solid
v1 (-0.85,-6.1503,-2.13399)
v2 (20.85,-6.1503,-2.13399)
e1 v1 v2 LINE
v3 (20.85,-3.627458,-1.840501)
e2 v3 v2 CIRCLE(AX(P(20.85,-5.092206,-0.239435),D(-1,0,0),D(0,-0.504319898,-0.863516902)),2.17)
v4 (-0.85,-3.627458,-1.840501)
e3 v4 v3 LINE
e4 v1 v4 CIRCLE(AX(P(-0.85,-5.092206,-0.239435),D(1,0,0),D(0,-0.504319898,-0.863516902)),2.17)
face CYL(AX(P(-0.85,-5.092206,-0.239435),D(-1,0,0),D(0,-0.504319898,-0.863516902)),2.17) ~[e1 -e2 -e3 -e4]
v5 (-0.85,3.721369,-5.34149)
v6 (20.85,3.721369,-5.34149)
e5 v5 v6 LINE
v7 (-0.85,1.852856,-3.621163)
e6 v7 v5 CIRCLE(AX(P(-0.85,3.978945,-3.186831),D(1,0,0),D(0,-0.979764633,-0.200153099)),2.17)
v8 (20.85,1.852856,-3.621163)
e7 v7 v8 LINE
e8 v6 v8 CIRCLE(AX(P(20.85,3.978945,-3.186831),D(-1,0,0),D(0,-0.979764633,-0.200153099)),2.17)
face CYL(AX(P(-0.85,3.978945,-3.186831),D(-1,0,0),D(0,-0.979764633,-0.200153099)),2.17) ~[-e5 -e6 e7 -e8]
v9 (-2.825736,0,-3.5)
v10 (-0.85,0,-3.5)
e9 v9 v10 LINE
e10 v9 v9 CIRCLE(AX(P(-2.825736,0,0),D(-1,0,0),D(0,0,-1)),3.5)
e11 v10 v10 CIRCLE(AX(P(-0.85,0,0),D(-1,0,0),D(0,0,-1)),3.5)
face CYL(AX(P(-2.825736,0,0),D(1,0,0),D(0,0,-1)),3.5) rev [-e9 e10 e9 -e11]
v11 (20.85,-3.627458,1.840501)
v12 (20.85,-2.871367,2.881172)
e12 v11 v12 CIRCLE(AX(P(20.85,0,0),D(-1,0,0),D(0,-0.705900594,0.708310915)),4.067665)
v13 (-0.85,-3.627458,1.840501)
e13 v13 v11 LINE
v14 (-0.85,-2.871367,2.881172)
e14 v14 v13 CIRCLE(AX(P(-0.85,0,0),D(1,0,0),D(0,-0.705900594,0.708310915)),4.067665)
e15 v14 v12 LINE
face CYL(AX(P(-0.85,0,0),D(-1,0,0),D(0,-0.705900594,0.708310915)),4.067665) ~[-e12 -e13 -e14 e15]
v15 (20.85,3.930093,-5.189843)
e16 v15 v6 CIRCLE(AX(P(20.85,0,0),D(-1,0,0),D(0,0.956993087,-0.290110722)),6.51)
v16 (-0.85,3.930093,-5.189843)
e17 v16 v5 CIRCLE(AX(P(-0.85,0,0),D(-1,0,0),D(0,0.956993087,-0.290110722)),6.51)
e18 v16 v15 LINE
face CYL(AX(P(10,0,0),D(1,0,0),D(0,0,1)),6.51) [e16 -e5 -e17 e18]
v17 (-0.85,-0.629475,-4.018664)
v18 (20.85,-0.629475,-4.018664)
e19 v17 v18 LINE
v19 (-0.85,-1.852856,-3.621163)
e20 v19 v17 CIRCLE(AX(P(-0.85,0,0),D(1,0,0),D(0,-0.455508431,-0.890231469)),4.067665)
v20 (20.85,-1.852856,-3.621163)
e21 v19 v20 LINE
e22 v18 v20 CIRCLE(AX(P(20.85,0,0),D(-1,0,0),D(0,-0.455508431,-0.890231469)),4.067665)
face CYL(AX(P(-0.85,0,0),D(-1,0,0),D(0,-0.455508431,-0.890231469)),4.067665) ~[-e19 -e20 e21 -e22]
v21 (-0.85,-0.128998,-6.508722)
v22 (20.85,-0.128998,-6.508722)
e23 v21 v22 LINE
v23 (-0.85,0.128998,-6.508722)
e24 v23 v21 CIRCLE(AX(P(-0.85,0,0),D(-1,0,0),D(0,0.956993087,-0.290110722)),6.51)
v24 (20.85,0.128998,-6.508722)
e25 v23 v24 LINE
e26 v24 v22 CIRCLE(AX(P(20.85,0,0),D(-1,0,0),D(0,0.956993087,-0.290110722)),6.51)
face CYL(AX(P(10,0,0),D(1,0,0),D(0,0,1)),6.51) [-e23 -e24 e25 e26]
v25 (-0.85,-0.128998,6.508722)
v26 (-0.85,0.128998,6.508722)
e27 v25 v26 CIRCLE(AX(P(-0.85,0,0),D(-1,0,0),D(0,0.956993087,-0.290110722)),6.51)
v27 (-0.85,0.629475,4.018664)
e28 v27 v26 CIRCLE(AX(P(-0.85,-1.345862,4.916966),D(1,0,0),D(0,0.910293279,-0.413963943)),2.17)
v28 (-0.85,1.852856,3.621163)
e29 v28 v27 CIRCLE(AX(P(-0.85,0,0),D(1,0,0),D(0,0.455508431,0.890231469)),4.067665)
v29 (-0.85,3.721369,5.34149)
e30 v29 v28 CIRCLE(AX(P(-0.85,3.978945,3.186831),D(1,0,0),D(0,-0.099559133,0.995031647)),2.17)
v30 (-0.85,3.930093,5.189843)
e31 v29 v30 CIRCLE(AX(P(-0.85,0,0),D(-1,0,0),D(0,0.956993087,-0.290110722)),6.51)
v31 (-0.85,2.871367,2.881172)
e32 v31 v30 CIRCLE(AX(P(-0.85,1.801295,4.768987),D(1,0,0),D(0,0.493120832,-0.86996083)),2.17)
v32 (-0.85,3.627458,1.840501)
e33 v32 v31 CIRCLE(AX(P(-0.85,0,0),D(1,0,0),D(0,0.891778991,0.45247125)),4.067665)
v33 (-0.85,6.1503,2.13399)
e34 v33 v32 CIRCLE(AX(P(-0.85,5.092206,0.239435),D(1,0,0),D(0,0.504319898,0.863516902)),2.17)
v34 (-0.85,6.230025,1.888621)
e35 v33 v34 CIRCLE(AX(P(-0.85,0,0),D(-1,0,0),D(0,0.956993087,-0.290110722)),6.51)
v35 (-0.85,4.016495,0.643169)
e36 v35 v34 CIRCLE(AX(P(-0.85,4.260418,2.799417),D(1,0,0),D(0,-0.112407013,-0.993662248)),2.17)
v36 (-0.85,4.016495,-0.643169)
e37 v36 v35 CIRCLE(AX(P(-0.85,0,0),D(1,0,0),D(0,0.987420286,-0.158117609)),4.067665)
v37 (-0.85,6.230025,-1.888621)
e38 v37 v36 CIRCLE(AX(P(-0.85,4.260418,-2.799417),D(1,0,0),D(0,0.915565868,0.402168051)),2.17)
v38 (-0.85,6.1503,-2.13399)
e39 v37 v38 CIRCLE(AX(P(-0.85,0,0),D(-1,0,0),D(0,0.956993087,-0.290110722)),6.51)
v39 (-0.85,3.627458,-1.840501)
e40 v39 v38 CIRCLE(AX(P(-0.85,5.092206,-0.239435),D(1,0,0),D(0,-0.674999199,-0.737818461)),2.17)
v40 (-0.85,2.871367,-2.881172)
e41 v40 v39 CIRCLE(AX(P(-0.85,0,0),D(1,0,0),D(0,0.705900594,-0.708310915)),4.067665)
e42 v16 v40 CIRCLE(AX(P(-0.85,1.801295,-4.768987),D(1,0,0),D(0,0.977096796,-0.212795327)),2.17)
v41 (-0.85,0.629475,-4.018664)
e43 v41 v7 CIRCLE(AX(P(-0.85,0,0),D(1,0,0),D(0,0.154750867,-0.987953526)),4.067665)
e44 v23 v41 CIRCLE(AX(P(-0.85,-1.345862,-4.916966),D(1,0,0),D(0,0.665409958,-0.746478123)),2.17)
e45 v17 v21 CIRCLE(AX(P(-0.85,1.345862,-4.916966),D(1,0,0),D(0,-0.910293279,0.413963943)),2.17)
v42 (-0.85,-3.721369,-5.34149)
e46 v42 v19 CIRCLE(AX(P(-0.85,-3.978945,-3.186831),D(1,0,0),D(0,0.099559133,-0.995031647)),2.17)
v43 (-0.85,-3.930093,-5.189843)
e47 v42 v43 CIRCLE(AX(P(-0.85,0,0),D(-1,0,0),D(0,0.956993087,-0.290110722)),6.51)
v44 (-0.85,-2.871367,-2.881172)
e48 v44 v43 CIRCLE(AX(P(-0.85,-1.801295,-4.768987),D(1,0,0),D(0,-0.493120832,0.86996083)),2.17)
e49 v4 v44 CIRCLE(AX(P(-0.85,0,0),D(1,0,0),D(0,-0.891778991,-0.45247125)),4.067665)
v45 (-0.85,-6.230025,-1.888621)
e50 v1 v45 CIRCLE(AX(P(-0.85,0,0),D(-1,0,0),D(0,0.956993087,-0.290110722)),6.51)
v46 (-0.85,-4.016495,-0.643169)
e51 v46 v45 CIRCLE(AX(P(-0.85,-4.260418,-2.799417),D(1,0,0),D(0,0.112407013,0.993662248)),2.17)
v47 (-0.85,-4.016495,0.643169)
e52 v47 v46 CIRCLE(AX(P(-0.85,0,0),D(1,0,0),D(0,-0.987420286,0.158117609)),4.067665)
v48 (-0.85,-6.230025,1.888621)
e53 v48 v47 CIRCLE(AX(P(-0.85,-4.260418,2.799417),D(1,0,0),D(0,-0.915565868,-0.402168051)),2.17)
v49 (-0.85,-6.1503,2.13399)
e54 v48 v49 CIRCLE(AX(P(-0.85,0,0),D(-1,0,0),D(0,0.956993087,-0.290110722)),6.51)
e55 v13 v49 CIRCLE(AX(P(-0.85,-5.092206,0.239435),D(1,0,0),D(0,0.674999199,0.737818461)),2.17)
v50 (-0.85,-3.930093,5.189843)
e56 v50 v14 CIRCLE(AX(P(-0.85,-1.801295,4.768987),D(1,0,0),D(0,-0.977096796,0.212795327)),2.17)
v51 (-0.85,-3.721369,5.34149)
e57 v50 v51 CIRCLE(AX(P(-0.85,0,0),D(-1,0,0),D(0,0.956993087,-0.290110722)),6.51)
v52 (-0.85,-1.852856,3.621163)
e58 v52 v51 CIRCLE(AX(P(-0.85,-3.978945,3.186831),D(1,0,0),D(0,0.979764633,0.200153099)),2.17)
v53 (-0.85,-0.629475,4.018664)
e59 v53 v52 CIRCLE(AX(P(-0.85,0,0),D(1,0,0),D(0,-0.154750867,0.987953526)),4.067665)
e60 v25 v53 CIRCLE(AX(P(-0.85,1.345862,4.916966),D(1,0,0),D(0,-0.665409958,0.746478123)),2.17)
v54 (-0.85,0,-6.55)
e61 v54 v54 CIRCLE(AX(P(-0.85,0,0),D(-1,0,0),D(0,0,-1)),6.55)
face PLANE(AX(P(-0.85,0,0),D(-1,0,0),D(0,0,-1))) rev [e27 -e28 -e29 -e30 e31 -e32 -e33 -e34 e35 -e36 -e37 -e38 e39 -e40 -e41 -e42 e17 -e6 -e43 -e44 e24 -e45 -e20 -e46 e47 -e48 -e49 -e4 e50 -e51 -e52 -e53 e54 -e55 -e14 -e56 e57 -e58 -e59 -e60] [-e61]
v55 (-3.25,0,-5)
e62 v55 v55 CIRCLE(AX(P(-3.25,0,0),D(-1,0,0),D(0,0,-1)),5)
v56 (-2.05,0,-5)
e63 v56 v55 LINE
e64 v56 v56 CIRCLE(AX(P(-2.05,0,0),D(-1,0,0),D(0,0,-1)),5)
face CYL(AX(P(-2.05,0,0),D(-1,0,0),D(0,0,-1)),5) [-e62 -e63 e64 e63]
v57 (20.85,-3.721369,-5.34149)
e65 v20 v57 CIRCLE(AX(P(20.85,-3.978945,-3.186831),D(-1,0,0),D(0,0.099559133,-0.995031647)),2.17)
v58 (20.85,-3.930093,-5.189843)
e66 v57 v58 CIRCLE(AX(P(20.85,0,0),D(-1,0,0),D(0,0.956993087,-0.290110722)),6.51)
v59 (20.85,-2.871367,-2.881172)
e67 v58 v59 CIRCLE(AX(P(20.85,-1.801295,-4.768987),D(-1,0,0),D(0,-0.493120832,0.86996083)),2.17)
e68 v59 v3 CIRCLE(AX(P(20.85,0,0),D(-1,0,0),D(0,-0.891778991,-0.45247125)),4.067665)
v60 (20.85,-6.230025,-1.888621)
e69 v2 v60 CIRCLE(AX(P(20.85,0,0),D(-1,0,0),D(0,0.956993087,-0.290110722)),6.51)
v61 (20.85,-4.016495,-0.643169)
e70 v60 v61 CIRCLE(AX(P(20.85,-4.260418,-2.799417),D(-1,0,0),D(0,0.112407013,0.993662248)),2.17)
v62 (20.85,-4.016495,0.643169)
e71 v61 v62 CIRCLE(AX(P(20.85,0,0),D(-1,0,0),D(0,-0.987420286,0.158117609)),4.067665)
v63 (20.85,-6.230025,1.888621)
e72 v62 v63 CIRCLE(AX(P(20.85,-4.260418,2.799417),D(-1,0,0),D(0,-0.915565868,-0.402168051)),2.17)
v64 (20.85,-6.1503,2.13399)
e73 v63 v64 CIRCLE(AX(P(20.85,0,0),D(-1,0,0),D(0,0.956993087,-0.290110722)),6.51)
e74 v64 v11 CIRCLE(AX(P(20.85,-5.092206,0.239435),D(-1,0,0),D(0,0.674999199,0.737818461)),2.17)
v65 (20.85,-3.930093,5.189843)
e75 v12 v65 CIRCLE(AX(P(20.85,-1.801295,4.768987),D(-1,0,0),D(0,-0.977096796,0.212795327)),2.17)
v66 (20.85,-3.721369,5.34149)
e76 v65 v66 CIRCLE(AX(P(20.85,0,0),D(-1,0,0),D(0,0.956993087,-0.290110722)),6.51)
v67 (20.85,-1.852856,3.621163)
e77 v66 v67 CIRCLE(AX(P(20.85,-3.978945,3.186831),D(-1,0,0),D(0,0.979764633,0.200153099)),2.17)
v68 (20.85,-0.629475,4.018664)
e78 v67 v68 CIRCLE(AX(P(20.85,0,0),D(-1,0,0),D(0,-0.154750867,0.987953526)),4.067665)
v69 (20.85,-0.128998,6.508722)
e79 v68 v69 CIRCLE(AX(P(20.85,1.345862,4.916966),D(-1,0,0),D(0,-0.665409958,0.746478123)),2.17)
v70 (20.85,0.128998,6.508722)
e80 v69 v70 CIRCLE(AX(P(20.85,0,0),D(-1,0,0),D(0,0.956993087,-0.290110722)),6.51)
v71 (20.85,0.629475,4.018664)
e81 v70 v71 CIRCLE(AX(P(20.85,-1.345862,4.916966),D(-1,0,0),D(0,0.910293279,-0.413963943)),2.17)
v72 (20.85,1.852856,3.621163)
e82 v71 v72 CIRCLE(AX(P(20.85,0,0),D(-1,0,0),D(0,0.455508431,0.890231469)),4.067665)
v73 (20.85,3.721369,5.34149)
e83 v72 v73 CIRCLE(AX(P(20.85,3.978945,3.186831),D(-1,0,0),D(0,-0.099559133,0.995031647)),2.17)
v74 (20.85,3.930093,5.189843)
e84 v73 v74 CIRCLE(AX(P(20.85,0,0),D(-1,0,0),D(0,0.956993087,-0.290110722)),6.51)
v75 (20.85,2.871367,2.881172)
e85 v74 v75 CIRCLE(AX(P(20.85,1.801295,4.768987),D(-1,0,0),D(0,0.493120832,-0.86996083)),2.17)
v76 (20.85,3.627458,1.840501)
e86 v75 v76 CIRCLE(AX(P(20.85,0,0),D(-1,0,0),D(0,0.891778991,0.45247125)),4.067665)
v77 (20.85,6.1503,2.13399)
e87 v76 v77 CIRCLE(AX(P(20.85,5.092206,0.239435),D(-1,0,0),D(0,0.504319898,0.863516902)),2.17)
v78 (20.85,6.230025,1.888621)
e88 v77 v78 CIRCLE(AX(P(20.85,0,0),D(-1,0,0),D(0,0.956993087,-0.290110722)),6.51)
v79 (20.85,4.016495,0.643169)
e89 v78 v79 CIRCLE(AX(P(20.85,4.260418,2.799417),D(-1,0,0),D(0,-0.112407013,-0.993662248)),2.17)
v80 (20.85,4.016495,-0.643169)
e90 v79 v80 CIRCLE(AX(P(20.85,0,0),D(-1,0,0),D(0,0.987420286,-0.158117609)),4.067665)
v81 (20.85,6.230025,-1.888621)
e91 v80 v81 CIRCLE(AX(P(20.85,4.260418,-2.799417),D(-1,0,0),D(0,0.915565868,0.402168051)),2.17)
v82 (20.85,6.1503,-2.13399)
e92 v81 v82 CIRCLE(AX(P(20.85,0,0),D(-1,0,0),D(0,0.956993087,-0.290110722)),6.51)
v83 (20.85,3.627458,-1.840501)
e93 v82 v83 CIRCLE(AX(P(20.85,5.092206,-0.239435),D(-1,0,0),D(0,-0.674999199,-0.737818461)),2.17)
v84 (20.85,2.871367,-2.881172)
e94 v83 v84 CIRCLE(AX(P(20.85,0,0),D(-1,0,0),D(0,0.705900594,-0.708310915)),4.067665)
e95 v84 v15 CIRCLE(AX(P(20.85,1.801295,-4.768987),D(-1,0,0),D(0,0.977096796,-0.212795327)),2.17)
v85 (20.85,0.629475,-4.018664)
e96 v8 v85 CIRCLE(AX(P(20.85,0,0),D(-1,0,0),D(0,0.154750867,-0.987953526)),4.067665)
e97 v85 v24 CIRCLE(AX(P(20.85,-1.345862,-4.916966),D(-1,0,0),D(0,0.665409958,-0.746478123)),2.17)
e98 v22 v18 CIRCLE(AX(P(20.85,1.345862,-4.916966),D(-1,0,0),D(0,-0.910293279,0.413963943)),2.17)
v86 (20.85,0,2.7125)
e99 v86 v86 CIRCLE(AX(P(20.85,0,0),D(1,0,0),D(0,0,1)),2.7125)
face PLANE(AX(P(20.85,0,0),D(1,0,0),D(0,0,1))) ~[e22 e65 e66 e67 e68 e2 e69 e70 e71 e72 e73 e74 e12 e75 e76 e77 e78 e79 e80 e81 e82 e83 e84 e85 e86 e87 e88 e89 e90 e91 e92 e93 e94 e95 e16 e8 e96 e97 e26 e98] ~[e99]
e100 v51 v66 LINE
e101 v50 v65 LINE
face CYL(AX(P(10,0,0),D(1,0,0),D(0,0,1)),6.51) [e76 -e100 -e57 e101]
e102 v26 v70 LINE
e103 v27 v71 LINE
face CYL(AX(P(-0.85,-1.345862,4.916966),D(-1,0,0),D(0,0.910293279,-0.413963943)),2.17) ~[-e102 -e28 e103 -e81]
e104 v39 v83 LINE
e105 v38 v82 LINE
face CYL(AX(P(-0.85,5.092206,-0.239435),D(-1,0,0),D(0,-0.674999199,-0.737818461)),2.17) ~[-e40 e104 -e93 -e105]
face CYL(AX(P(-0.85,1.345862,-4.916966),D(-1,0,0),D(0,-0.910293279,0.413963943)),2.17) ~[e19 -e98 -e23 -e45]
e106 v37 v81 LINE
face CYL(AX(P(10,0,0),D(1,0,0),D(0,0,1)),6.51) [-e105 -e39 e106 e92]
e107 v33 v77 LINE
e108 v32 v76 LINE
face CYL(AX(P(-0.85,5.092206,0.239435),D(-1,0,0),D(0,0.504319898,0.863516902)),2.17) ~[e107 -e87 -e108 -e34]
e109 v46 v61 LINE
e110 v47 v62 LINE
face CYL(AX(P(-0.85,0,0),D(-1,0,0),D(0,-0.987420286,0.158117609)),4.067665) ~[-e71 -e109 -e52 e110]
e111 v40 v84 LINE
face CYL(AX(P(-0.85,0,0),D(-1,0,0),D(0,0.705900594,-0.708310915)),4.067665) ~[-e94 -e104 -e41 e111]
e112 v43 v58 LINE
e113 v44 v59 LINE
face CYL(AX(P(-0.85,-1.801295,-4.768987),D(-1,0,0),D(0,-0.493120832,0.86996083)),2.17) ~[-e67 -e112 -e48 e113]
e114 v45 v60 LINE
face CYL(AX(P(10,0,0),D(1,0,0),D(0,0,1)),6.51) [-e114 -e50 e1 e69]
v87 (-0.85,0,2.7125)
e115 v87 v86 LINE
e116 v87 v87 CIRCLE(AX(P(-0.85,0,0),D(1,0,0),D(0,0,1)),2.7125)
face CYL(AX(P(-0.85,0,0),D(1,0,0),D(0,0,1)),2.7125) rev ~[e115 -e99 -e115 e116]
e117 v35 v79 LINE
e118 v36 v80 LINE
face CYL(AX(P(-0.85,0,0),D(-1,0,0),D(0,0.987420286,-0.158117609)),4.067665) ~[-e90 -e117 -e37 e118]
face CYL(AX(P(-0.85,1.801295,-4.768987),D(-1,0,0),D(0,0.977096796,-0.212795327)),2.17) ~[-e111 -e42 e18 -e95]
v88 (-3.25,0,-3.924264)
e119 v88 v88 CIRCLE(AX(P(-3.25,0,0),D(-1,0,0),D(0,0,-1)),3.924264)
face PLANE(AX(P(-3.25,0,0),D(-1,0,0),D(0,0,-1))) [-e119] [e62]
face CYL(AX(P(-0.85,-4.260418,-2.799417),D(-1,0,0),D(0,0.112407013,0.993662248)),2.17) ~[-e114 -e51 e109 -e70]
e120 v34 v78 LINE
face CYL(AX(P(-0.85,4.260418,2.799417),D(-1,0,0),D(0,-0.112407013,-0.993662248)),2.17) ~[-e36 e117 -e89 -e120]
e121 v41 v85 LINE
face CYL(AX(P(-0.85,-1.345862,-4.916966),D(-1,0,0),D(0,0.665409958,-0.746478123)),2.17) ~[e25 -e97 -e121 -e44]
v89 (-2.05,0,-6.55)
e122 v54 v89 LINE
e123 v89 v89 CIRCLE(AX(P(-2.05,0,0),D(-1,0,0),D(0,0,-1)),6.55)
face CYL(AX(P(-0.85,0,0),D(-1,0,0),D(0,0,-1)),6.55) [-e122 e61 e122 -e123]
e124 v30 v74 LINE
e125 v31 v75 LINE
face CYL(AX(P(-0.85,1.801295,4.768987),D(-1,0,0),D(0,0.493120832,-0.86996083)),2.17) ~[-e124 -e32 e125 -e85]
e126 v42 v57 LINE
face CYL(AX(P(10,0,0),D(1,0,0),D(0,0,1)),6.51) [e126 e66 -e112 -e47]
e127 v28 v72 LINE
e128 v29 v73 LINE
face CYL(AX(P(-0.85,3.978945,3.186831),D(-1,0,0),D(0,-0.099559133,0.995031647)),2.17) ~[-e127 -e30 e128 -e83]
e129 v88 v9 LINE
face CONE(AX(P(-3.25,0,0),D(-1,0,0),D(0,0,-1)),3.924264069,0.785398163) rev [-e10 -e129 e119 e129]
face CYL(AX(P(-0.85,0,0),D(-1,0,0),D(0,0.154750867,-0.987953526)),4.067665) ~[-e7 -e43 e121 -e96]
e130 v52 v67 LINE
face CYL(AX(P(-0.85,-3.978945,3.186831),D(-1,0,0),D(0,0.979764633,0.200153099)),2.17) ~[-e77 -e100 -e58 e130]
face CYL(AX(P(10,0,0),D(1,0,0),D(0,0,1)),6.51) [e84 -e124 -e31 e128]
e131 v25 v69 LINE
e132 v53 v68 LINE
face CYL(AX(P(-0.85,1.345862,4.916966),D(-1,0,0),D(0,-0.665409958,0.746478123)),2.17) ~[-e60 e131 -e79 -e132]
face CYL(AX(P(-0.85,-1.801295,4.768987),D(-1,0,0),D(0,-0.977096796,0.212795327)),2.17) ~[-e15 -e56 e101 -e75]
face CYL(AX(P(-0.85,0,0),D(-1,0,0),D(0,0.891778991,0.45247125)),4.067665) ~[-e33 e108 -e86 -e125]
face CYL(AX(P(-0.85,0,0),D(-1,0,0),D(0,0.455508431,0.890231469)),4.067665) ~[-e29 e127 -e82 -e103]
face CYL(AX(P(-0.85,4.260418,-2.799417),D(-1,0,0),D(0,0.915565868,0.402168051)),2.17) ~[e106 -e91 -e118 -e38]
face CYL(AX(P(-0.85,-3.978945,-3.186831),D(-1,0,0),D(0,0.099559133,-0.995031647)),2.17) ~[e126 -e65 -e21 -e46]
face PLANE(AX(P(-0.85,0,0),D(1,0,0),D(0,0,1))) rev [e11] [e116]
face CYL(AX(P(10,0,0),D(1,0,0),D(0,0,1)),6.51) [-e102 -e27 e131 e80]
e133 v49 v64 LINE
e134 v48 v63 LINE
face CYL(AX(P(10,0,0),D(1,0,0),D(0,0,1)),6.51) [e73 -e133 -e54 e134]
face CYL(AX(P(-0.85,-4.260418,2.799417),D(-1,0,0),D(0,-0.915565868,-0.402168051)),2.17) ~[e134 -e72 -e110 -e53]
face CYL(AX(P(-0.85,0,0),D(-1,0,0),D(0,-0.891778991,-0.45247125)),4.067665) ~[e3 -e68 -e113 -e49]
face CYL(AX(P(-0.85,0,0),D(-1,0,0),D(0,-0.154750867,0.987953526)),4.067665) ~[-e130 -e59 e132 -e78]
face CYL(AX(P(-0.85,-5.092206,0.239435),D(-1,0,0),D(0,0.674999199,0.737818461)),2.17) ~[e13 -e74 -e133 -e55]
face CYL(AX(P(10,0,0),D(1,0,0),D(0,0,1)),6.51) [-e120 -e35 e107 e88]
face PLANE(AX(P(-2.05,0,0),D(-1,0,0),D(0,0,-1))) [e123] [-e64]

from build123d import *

# Parameters (mm, degrees)
BASPROSKE_W     = 20
BASPROSKE_H     = 6
TOOTHCUT_DEPTH  = 22.725560982
TEETHCUTS_COUNT = 10
TEETHCUTS_ANGLE = 324
BORSKE_R        = 2.5
BORE_DEPTH      = 50.0000508
SCALE_1_SCALE   = 1.085


with BuildPart() as part:
    # BasProSke → Base-Revolve (revolve)
    with BuildSketch(Plane(origin=(0, 0, 0), x_dir=(1, 0, 0), z_dir=(0, 1, 0)), mode=Mode.PRIVATE) as base_revolve_sk:
        with Locations((10, 3)):
            Rectangle(BASPROSKE_W, BASPROSKE_H)
    revolve(base_revolve_sk.sketch.rotate(Axis((-10, 0, 0), (1, 0, 0)), 180), axis=Axis((-10, 0, 0), (1, 0, 0)))

    # TooCutSke → ToothCut (cut, through all)
    with BuildSketch(Plane(origin=(0, 0, 0), x_dir=(0, 0, -1), z_dir=(1, 0, 0))):
        with BuildLine():
            ThreePointArc((0.59278292, 3.701838653), (0, 3.749), (-0.59278292, 3.701838653))
            ThreePointArc((-0.59278292, 3.701838653), (-0.846593509, 4.924114224), (-1.775771316, 5.757784417))
            ThreePointArc((-1.775771316, 5.757784417), (0, 6.0254), (1.775771316, 5.757784417))
            ThreePointArc((1.775771316, 5.757784417), (0.846593509, 4.924114224), (0.59278292, 3.701838653))
        make_face()
    toothcut = extrude(amount=TOOTHCUT_DEPTH, mode=Mode.SUBTRACT)

    # TeethCuts: ToothCut ×10 about axis
    teethcuts_axis = Axis((-10, 0, 0), (1, 0, 0))
    for i in range(1, TEETHCUTS_COUNT):
        add(toothcut.rotate(teethcuts_axis, i * TEETHCUTS_ANGLE / (TEETHCUTS_COUNT - 1)), mode=Mode.SUBTRACT)

    # BorSke → Bore (cut, symmetric)
    with BuildSketch(Plane(origin=(0, 0, 0), x_dir=(0, 0, -1), z_dir=(1, 0, 0))):
        with Locations(Location((0, 0, 0), (0, 0, 180))):
            Circle(BORSKE_R)
    extrude(amount=BORE_DEPTH, both=True, mode=Mode.SUBTRACT)


with BuildPart() as part_1:
    # Масштаб1: scaled about (10, 0, 0)
    add(part.part.scale(SCALE_1_SCALE).moved(Location((-0.85, 0, 0))))

    # Эскиз2 → Повернуть1 (revolve)
    with BuildSketch(Plane(origin=(0, 0, 0), x_dir=(1, 0, 0), z_dir=(0, 1, 0))):
        Polygon((-0.85, 3.5), (-0.85, 6.55), (-2.05, 6.55), (-2.05, 5), (-3.25, 5), (-3.25, 3.924264069), (-2.825735931, 3.5), align=None)
    revolve(axis=Axis((0, 0, 0), (-1, 0, 0)))


solid = part_1.part
